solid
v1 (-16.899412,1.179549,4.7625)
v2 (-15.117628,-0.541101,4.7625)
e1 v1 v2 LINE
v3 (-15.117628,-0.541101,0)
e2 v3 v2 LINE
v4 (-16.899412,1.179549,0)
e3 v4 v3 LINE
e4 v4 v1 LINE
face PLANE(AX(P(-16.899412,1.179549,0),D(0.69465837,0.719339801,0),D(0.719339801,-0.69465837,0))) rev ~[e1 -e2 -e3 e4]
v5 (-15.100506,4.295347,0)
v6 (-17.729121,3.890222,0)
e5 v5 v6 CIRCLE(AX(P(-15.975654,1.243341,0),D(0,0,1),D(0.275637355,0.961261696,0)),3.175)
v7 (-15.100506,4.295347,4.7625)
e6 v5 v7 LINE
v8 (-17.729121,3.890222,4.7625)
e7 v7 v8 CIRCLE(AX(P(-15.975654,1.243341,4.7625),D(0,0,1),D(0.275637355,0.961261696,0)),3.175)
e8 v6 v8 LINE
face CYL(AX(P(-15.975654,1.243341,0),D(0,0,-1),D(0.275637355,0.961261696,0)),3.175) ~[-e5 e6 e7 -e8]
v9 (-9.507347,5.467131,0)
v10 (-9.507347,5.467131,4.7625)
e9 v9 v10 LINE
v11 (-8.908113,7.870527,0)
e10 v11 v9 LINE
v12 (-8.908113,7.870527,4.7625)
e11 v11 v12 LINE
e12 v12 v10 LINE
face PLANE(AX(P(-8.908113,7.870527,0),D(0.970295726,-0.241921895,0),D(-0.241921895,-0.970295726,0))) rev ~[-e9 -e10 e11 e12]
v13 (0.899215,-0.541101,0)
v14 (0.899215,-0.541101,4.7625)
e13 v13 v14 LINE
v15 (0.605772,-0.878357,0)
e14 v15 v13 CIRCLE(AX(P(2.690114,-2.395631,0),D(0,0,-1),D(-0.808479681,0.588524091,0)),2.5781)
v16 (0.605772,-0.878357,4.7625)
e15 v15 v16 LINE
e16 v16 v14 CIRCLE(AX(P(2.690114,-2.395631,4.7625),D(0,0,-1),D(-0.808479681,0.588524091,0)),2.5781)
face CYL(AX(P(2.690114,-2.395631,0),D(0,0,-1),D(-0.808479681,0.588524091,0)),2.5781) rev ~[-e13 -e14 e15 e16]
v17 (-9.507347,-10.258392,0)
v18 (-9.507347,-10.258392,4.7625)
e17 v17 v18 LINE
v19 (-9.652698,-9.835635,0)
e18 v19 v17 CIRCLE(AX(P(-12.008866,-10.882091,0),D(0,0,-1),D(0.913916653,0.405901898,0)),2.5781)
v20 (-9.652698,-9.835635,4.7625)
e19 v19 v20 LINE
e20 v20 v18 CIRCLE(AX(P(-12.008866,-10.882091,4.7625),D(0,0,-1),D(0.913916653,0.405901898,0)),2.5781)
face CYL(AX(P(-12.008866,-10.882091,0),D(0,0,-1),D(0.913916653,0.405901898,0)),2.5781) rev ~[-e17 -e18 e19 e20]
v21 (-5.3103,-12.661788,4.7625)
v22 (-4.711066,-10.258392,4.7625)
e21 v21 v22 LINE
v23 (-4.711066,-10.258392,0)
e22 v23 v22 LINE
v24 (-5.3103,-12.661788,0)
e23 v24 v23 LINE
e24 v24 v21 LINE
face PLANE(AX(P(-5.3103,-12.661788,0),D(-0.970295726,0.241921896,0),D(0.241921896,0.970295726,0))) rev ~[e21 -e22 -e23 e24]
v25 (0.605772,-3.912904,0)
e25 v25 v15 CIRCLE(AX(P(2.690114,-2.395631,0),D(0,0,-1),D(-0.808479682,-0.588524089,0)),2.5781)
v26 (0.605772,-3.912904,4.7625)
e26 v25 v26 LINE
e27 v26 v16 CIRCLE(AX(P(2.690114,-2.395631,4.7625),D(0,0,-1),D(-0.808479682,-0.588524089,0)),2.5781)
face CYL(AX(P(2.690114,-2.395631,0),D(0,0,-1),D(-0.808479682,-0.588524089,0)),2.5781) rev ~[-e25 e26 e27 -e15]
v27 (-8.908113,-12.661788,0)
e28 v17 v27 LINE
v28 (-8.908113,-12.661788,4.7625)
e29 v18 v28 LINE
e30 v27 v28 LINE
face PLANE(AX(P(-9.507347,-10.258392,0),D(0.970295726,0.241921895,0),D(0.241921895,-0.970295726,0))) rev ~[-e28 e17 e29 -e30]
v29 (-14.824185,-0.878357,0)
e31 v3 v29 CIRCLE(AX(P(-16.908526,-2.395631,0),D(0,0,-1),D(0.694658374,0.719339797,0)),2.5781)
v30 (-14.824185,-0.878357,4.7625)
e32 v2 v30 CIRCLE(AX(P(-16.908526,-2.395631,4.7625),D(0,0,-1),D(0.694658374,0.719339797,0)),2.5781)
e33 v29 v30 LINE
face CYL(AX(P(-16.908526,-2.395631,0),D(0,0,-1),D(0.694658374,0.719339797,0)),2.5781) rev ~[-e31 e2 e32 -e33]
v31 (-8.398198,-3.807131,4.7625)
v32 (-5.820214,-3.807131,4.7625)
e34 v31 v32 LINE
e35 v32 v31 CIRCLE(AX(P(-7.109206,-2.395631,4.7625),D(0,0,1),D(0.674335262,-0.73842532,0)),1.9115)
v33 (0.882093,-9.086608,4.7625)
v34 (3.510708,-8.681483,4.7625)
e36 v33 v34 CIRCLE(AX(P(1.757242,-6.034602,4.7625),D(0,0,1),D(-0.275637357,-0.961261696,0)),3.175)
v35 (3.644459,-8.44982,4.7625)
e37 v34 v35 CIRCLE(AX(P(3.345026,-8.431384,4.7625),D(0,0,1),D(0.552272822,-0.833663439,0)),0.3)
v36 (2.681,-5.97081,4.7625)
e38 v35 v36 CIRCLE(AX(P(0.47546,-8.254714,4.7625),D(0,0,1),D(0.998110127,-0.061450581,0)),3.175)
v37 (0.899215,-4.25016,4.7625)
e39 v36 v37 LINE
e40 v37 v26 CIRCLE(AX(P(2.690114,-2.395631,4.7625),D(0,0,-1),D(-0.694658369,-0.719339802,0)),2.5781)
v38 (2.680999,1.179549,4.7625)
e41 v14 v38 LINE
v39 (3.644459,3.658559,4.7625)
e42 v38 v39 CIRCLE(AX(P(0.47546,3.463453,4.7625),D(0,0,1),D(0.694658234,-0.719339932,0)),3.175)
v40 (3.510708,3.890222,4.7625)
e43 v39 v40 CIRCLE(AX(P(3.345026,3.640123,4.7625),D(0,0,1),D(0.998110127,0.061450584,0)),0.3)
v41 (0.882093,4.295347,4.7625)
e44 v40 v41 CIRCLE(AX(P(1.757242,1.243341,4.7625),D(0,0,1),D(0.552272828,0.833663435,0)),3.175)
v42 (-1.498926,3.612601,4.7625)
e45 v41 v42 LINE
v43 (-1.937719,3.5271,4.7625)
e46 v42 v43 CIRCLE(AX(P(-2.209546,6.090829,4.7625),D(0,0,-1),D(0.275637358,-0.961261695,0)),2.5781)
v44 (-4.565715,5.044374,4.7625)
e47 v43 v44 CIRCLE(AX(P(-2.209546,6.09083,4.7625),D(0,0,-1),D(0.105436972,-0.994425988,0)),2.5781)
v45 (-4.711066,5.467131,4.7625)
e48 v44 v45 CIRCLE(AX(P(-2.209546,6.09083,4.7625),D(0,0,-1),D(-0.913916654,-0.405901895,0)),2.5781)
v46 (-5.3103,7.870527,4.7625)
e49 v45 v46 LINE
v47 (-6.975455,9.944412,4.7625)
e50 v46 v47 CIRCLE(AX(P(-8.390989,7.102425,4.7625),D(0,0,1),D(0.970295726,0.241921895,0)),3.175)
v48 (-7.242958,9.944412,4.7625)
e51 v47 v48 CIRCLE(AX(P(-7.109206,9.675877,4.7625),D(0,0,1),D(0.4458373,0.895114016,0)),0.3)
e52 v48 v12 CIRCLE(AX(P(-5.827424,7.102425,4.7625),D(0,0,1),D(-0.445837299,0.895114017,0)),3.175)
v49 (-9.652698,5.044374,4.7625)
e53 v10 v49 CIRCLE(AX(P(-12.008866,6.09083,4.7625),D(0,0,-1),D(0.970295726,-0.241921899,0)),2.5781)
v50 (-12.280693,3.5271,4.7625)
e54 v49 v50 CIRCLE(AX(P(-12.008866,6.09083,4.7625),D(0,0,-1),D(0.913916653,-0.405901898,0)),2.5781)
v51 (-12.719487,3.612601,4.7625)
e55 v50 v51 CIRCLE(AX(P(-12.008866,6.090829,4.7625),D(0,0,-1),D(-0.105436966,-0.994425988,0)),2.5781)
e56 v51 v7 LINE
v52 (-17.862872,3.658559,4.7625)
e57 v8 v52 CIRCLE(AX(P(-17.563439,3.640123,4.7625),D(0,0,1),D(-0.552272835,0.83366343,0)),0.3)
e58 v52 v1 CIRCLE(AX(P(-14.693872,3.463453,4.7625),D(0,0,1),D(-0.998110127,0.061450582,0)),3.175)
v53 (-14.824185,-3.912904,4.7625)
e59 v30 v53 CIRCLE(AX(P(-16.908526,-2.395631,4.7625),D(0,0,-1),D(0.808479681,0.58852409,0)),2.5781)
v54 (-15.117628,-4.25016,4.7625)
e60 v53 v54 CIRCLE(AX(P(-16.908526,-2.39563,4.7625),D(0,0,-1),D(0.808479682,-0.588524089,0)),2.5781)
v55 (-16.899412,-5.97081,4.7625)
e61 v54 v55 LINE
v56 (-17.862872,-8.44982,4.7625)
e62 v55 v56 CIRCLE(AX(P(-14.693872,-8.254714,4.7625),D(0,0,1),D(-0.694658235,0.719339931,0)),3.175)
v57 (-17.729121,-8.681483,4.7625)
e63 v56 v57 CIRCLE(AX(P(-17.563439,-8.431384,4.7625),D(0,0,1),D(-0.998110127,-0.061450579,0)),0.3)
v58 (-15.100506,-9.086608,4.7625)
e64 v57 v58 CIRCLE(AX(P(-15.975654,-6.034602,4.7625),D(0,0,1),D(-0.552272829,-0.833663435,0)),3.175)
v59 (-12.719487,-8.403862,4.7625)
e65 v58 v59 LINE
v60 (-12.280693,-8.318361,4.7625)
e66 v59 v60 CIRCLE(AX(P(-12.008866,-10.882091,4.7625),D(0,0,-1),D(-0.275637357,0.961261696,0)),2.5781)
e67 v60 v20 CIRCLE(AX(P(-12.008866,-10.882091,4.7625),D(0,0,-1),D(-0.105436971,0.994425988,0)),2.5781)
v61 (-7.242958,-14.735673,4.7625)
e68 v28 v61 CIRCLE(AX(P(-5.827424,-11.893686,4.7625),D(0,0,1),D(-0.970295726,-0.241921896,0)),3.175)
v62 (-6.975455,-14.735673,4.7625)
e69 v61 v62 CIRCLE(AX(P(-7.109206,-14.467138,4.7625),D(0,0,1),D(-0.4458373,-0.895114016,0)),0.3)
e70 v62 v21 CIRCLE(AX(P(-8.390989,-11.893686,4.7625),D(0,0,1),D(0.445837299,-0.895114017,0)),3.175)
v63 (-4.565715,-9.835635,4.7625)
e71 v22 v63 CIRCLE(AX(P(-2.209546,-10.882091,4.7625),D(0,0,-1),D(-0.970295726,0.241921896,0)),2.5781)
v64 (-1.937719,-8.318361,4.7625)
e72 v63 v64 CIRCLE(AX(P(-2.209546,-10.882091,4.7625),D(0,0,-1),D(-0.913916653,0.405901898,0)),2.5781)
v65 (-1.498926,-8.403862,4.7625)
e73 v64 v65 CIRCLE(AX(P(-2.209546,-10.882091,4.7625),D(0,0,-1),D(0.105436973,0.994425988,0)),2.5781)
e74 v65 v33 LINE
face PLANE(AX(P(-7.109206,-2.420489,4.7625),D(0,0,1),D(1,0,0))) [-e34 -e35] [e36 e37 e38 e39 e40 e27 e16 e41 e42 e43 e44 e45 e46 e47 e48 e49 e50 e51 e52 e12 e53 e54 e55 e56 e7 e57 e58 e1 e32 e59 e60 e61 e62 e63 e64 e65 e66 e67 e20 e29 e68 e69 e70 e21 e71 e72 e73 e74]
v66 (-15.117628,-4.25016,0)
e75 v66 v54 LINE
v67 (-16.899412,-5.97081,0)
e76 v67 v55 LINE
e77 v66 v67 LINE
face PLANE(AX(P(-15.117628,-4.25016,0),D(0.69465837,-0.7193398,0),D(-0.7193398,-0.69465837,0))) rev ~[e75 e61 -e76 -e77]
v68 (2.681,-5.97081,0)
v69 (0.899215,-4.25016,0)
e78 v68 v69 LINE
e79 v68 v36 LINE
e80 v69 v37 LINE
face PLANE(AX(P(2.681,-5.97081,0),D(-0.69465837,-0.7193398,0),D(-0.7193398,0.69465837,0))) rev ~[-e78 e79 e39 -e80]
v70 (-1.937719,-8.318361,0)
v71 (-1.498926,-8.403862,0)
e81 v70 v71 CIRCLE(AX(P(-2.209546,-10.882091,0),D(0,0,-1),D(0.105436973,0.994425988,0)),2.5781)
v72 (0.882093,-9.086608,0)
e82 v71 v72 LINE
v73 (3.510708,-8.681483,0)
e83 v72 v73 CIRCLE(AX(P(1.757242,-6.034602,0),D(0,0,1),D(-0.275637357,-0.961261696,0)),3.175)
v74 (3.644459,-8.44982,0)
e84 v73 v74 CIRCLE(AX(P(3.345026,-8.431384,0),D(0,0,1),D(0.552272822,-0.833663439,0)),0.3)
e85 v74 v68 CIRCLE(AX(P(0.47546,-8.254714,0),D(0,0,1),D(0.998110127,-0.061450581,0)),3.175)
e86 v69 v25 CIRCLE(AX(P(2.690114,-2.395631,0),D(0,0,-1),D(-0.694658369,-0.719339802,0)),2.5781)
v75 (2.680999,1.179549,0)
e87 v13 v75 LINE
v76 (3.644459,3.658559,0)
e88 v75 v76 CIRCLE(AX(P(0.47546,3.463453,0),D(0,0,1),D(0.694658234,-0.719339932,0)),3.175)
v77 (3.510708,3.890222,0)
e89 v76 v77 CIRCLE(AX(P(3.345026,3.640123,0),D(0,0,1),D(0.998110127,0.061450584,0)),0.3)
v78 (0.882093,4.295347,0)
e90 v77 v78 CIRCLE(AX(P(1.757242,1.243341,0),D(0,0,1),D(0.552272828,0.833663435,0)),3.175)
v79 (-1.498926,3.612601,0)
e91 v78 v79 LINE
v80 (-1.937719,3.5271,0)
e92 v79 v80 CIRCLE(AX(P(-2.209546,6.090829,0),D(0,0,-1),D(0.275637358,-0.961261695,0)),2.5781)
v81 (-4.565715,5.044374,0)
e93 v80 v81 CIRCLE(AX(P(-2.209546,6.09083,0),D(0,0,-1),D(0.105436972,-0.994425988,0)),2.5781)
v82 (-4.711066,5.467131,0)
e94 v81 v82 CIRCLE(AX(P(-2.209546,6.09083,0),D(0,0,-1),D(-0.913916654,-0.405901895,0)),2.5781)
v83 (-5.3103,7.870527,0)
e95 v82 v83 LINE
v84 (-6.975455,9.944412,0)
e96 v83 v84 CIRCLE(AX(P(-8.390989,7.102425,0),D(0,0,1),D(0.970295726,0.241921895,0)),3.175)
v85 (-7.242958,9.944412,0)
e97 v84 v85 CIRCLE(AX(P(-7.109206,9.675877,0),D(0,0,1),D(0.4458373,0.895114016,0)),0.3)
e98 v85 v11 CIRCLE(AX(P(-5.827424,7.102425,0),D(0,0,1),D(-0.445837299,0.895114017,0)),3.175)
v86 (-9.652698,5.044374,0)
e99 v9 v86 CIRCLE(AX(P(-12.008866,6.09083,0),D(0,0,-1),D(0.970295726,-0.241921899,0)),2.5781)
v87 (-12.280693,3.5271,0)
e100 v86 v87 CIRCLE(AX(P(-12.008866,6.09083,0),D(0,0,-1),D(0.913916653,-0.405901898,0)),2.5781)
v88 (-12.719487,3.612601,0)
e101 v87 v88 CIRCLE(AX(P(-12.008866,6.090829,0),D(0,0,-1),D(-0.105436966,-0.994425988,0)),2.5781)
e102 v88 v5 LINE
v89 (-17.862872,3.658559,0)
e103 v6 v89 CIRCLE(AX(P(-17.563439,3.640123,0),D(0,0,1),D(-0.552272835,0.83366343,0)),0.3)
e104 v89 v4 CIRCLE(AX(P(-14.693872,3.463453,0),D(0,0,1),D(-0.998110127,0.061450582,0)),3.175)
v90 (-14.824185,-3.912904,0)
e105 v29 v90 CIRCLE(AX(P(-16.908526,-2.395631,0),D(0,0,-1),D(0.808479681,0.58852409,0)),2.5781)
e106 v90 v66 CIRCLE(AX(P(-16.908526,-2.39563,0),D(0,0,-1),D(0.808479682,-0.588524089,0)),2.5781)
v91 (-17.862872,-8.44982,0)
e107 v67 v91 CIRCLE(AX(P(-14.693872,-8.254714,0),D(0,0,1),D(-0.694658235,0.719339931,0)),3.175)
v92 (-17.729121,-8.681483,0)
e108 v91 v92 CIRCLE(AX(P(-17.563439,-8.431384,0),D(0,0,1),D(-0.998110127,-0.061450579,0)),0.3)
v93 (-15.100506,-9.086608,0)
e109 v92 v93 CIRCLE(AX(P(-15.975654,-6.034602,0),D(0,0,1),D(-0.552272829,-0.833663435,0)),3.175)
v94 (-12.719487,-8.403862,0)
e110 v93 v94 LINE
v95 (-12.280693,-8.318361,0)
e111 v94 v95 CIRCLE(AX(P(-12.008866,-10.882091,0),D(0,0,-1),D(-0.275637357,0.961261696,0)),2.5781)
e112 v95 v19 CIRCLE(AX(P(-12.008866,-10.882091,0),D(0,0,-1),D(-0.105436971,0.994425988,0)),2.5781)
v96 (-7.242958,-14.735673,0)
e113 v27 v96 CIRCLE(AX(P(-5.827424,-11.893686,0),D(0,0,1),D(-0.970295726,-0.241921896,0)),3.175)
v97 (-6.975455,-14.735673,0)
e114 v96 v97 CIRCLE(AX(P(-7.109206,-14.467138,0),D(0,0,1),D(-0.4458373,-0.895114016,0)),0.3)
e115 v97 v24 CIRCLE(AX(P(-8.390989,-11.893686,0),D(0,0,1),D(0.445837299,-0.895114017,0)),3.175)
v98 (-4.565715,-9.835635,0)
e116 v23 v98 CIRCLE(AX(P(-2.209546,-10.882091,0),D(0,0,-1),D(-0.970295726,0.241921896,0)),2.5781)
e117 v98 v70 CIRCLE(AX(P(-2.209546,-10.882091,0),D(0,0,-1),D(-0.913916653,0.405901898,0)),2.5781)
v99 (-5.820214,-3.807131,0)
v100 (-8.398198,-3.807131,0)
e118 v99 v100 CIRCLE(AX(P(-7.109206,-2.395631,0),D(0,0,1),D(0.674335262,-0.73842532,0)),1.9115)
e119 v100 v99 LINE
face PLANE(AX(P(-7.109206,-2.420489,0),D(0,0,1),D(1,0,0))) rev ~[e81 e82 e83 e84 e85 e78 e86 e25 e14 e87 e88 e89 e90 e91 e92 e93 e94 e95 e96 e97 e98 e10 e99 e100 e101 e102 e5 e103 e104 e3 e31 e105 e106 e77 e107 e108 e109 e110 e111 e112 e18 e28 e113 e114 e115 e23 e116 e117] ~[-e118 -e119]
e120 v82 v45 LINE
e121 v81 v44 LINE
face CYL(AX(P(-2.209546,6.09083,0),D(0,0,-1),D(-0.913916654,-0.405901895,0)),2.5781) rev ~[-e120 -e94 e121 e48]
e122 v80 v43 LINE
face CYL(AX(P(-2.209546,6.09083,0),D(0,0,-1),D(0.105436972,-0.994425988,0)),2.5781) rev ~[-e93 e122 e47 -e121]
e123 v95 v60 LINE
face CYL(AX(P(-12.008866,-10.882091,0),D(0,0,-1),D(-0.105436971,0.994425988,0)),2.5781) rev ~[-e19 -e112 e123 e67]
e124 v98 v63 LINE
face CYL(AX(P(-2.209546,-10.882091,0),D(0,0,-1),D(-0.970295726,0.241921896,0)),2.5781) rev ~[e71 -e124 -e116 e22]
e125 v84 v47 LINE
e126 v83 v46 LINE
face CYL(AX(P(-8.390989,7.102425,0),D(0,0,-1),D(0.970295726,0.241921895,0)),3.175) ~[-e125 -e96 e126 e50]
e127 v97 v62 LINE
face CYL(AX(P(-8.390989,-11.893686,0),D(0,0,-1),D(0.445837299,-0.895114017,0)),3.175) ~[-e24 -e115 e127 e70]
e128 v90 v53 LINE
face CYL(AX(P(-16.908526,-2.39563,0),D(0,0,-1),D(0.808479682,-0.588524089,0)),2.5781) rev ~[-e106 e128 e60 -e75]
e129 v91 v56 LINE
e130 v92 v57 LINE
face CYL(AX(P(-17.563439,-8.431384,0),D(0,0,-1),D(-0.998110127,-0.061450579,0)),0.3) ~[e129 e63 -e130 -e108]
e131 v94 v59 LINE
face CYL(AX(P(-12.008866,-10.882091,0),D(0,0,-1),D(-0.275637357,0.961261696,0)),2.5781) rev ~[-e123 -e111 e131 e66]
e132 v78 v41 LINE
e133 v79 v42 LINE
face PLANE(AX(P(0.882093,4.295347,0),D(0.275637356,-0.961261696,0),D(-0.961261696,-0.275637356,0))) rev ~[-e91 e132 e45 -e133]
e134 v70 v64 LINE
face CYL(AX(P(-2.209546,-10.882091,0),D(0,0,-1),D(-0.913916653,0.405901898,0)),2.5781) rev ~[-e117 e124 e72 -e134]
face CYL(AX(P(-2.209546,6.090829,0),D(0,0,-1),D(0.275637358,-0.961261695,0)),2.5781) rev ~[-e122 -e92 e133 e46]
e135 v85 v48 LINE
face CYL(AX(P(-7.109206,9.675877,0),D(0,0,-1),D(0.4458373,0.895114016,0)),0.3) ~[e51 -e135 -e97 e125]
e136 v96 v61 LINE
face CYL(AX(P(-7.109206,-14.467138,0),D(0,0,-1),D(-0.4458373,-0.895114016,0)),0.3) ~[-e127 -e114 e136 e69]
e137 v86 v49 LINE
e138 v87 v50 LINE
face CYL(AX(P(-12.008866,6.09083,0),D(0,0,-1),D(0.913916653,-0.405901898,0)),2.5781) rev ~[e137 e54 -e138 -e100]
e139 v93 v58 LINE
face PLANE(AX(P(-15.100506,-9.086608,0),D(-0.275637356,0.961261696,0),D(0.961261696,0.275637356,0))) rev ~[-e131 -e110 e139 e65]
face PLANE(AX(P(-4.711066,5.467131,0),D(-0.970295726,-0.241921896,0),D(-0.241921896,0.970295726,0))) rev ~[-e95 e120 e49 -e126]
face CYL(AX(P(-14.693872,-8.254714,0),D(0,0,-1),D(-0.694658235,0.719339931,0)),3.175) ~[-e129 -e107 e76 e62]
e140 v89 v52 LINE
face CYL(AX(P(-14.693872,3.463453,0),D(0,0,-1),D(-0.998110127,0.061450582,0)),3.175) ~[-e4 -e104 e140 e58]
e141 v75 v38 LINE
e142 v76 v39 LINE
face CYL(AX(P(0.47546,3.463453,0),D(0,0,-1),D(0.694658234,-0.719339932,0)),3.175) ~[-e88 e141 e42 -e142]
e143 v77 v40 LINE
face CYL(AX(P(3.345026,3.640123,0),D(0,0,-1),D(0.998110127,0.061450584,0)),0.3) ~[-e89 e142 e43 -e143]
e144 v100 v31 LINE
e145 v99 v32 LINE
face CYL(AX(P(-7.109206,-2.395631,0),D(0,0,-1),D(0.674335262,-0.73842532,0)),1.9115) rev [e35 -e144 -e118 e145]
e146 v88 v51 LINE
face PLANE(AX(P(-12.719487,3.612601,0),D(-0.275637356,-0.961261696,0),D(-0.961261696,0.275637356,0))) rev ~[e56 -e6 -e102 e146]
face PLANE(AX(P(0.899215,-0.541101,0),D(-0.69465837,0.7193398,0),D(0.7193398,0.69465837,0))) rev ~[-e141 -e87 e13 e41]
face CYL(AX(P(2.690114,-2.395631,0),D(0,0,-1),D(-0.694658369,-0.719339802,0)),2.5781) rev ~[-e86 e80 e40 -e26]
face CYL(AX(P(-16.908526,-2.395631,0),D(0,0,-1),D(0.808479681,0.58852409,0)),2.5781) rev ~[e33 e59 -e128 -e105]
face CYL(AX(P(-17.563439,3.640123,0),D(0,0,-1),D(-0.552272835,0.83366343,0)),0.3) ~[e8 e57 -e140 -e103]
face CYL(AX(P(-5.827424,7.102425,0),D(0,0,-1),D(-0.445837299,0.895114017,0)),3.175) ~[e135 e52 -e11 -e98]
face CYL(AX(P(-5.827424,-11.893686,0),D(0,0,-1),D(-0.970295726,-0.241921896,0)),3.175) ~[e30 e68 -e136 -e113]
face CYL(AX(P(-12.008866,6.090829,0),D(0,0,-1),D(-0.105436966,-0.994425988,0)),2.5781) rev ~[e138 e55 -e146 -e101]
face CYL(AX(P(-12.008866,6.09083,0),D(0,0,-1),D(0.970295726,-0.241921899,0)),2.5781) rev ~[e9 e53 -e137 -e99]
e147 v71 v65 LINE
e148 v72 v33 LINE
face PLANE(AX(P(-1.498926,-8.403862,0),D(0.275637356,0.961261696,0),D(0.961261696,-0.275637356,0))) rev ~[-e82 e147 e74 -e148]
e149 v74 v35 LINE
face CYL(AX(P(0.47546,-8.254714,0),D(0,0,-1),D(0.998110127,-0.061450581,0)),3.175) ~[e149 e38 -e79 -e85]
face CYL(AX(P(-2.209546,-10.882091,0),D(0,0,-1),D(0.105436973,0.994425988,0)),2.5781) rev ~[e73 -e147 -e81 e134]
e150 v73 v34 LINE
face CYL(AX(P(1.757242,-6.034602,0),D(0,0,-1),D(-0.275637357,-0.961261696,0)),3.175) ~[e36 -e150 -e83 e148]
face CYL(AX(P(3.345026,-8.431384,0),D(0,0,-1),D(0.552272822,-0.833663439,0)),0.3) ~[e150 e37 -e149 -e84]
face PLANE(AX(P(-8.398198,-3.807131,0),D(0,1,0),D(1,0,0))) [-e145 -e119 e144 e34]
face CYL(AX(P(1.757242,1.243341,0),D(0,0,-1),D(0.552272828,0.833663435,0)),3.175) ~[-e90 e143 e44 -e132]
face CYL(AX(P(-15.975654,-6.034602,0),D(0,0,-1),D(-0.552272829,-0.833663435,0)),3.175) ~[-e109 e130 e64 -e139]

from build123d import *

# Parameters (mm, degrees)
BOSS_EXTRUDE1_DEPTH = 4.7625
BOSS_EXTRUDE2_START = -4.7625
BOSS_EXTRUDE2_DEPTH = 4.7625


with BuildPart() as part:
    # Sketch1 → Boss-Extrude1 (new body)
    with BuildSketch(Plane.XY):
        with BuildLine():
            Line((-9.507346898, -10.258391726), (-8.908113007, -12.661787593))
            ThreePointArc((-8.908113007, -12.661787593), (-8.303157018, -13.881491249), (-7.2429575, -14.735672577))
            ThreePointArc((-7.2429575, -14.735672577), (-7.10920631, -14.767138372), (-6.975455121, -14.735672577))
            ThreePointArc((-6.975455121, -14.735672577), (-5.915255603, -13.881491249), (-5.310299614, -12.661787593))
            Line((-5.310299614, -12.661787593), (-4.711065722, -10.258391726))
            ThreePointArc((-4.711065722, -10.258391726), (-4.647570891, -10.043856855), (-4.565714834, -9.835634882))
            ThreePointArc((-4.565714834, -9.835634882), (-3.49859631, -8.649390472), (-1.937719254, -8.318360926))
            ThreePointArc((-1.937719254, -8.318360926), (-1.716465707, -8.351582488), (-1.498925643, -8.403861787))
            Line((-1.498925643, -8.403861787), (0.882093179, -9.086607947))
            ThreePointArc((0.882093179, -9.086607947), (2.240865525, -9.172552521), (3.510708013, -8.681483469))
            ThreePointArc((3.510708013, -8.681483469), (3.604833786, -8.581384439), (3.644459203, -8.449819613))
            ThreePointArc((3.644459203, -8.449819613), (3.434816232, -7.104569234), (2.680999875, -5.970810151))
            Line((2.680999875, -5.970810151), (0.899214945, -4.250160445))
            ThreePointArc((0.899214945, -4.250160445), (0.745169712, -4.087904873), (0.605772222, -3.912904461))
            ThreePointArc((0.605772222, -3.912904461), (0.11201369, -2.395630505), (0.605772222, -0.878356549))
            ThreePointArc((0.605772222, -0.878356549), (0.745169712, -0.703356138), (0.899214945, -0.541100566))
            Line((0.899214945, -0.541100566), (2.680999444, 1.179548724))
            ThreePointArc((2.680999444, 1.179548724), (3.434816124, 2.313307944), (3.644459203, 3.658558603))
            ThreePointArc((3.644459203, 3.658558603), (3.604833786, 3.790123428), (3.510708013, 3.890222459))
            ThreePointArc((3.510708013, 3.890222459), (2.240865525, 4.38129151), (0.882093179, 4.295346937))
            Line((0.882093179, 4.295346937), (-1.498925643, 3.612600776))
            ThreePointArc((-1.498925643, 3.612600776), (-1.716465707, 3.560321477), (-1.937719254, 3.527099916))
            ThreePointArc((-1.937719254, 3.527099916), (-3.49859631, 3.858129461), (-4.565714834, 5.044373871))
            ThreePointArc((-4.565714834, 5.044373871), (-4.647570891, 5.252595845), (-4.711065722, 5.467130715))
            Line((-4.711065722, 5.467130715), (-5.310299614, 7.870526582))
            ThreePointArc((-5.310299614, 7.870526582), (-5.915255603, 9.090230239), (-6.975455121, 9.944411567))
            ThreePointArc((-6.975455121, 9.944411567), (-7.10920631, 9.975877362), (-7.2429575, 9.944411567))
            ThreePointArc((-7.2429575, 9.944411567), (-8.303157018, 9.090230239), (-8.908113007, 7.870526582))
            Line((-8.908113007, 7.870526582), (-9.507346898, 5.467130715))
            ThreePointArc((-9.507346898, 5.467130715), (-9.570841729, 5.252595845), (-9.652697786, 5.044373871))
            ThreePointArc((-9.652697786, 5.044373871), (-10.71981631, 3.858129461), (-12.280693367, 3.527099916))
            ThreePointArc((-12.280693367, 3.527099916), (-12.501946914, 3.560321477), (-12.719486977, 3.612600776))
            Line((-12.719486977, 3.612600776), (-15.100505799, 4.295346937))
            ThreePointArc((-15.100505799, 4.295346937), (-16.459278145, 4.38129151), (-17.729120634, 3.890222459))
            ThreePointArc((-17.729120634, 3.890222459), (-17.823246406, 3.790123428), (-17.862871823, 3.658558603))
            ThreePointArc((-17.862871823, 3.658558603), (-17.653228853, 2.313308223), (-16.899412496, 1.17954914))
            Line((-16.899412496, 1.17954914), (-15.117627565, -0.541100566))
            ThreePointArc((-15.117627565, -0.541100566), (-14.963582333, -0.703356138), (-14.824184843, -0.878356549))
            ThreePointArc((-14.824184843, -0.878356549), (-14.33042631, -2.395630505), (-14.824184843, -3.912904461))
            ThreePointArc((-14.824184843, -3.912904461), (-14.963582333, -4.087904873), (-15.117627565, -4.250160445))
            Line((-15.117627565, -4.250160445), (-16.899412065, -5.970809735))
            ThreePointArc((-16.899412065, -5.970809735), (-17.653228744, -7.104568955), (-17.862871823, -8.449819613))
            ThreePointArc((-17.862871823, -8.449819613), (-17.823246406, -8.581384439), (-17.729120634, -8.681483469))
            ThreePointArc((-17.729120634, -8.681483469), (-16.459278145, -9.172552521), (-15.100505799, -9.086607947))
            Line((-15.100505799, -9.086607947), (-12.719486977, -8.403861787))
            ThreePointArc((-12.719486977, -8.403861787), (-12.501946914, -8.351582488), (-12.280693367, -8.318360926))
            ThreePointArc((-12.280693367, -8.318360926), (-10.71981631, -8.649390472), (-9.652697786, -9.835634882))
            ThreePointArc((-9.652697786, -9.835634882), (-9.570841729, -10.043856855), (-9.507346898, -10.258391726))
        make_face()
        with BuildLine():
            Line((-5.795813757, -3.870630505), (-8.422598864, -3.870630505))
            ThreePointArc((-8.422598864, -3.870630505), (-7.10920631, -0.420630505), (-5.795813757, -3.870630505))
        make_face(mode=Mode.SUBTRACT)
    extrude(amount=BOSS_EXTRUDE1_DEPTH)

    # Sketch4 → Boss-Extrude2 (add)
    with BuildSketch(Plane.XY.offset(4.7625).offset(BOSS_EXTRUDE2_START)):
        with BuildLine():
            Line((-8.422598864, -3.870630505), (-5.795813757, -3.870630505))
            ThreePointArc((-5.795813757, -3.870630505), (-7.10920631, -0.420630505), (-8.422598864, -3.870630505))
        make_face()
        with BuildLine():
            Line((-8.398198164, -3.807130505), (-5.820214456, -3.807130505))
            ThreePointArc((-5.820214456, -3.807130505), (-7.10920631, -0.484130505), (-8.398198164, -3.807130505))
        make_face(mode=Mode.SUBTRACT)
    extrude(amount=BOSS_EXTRUDE2_DEPTH)


solid = part.part
